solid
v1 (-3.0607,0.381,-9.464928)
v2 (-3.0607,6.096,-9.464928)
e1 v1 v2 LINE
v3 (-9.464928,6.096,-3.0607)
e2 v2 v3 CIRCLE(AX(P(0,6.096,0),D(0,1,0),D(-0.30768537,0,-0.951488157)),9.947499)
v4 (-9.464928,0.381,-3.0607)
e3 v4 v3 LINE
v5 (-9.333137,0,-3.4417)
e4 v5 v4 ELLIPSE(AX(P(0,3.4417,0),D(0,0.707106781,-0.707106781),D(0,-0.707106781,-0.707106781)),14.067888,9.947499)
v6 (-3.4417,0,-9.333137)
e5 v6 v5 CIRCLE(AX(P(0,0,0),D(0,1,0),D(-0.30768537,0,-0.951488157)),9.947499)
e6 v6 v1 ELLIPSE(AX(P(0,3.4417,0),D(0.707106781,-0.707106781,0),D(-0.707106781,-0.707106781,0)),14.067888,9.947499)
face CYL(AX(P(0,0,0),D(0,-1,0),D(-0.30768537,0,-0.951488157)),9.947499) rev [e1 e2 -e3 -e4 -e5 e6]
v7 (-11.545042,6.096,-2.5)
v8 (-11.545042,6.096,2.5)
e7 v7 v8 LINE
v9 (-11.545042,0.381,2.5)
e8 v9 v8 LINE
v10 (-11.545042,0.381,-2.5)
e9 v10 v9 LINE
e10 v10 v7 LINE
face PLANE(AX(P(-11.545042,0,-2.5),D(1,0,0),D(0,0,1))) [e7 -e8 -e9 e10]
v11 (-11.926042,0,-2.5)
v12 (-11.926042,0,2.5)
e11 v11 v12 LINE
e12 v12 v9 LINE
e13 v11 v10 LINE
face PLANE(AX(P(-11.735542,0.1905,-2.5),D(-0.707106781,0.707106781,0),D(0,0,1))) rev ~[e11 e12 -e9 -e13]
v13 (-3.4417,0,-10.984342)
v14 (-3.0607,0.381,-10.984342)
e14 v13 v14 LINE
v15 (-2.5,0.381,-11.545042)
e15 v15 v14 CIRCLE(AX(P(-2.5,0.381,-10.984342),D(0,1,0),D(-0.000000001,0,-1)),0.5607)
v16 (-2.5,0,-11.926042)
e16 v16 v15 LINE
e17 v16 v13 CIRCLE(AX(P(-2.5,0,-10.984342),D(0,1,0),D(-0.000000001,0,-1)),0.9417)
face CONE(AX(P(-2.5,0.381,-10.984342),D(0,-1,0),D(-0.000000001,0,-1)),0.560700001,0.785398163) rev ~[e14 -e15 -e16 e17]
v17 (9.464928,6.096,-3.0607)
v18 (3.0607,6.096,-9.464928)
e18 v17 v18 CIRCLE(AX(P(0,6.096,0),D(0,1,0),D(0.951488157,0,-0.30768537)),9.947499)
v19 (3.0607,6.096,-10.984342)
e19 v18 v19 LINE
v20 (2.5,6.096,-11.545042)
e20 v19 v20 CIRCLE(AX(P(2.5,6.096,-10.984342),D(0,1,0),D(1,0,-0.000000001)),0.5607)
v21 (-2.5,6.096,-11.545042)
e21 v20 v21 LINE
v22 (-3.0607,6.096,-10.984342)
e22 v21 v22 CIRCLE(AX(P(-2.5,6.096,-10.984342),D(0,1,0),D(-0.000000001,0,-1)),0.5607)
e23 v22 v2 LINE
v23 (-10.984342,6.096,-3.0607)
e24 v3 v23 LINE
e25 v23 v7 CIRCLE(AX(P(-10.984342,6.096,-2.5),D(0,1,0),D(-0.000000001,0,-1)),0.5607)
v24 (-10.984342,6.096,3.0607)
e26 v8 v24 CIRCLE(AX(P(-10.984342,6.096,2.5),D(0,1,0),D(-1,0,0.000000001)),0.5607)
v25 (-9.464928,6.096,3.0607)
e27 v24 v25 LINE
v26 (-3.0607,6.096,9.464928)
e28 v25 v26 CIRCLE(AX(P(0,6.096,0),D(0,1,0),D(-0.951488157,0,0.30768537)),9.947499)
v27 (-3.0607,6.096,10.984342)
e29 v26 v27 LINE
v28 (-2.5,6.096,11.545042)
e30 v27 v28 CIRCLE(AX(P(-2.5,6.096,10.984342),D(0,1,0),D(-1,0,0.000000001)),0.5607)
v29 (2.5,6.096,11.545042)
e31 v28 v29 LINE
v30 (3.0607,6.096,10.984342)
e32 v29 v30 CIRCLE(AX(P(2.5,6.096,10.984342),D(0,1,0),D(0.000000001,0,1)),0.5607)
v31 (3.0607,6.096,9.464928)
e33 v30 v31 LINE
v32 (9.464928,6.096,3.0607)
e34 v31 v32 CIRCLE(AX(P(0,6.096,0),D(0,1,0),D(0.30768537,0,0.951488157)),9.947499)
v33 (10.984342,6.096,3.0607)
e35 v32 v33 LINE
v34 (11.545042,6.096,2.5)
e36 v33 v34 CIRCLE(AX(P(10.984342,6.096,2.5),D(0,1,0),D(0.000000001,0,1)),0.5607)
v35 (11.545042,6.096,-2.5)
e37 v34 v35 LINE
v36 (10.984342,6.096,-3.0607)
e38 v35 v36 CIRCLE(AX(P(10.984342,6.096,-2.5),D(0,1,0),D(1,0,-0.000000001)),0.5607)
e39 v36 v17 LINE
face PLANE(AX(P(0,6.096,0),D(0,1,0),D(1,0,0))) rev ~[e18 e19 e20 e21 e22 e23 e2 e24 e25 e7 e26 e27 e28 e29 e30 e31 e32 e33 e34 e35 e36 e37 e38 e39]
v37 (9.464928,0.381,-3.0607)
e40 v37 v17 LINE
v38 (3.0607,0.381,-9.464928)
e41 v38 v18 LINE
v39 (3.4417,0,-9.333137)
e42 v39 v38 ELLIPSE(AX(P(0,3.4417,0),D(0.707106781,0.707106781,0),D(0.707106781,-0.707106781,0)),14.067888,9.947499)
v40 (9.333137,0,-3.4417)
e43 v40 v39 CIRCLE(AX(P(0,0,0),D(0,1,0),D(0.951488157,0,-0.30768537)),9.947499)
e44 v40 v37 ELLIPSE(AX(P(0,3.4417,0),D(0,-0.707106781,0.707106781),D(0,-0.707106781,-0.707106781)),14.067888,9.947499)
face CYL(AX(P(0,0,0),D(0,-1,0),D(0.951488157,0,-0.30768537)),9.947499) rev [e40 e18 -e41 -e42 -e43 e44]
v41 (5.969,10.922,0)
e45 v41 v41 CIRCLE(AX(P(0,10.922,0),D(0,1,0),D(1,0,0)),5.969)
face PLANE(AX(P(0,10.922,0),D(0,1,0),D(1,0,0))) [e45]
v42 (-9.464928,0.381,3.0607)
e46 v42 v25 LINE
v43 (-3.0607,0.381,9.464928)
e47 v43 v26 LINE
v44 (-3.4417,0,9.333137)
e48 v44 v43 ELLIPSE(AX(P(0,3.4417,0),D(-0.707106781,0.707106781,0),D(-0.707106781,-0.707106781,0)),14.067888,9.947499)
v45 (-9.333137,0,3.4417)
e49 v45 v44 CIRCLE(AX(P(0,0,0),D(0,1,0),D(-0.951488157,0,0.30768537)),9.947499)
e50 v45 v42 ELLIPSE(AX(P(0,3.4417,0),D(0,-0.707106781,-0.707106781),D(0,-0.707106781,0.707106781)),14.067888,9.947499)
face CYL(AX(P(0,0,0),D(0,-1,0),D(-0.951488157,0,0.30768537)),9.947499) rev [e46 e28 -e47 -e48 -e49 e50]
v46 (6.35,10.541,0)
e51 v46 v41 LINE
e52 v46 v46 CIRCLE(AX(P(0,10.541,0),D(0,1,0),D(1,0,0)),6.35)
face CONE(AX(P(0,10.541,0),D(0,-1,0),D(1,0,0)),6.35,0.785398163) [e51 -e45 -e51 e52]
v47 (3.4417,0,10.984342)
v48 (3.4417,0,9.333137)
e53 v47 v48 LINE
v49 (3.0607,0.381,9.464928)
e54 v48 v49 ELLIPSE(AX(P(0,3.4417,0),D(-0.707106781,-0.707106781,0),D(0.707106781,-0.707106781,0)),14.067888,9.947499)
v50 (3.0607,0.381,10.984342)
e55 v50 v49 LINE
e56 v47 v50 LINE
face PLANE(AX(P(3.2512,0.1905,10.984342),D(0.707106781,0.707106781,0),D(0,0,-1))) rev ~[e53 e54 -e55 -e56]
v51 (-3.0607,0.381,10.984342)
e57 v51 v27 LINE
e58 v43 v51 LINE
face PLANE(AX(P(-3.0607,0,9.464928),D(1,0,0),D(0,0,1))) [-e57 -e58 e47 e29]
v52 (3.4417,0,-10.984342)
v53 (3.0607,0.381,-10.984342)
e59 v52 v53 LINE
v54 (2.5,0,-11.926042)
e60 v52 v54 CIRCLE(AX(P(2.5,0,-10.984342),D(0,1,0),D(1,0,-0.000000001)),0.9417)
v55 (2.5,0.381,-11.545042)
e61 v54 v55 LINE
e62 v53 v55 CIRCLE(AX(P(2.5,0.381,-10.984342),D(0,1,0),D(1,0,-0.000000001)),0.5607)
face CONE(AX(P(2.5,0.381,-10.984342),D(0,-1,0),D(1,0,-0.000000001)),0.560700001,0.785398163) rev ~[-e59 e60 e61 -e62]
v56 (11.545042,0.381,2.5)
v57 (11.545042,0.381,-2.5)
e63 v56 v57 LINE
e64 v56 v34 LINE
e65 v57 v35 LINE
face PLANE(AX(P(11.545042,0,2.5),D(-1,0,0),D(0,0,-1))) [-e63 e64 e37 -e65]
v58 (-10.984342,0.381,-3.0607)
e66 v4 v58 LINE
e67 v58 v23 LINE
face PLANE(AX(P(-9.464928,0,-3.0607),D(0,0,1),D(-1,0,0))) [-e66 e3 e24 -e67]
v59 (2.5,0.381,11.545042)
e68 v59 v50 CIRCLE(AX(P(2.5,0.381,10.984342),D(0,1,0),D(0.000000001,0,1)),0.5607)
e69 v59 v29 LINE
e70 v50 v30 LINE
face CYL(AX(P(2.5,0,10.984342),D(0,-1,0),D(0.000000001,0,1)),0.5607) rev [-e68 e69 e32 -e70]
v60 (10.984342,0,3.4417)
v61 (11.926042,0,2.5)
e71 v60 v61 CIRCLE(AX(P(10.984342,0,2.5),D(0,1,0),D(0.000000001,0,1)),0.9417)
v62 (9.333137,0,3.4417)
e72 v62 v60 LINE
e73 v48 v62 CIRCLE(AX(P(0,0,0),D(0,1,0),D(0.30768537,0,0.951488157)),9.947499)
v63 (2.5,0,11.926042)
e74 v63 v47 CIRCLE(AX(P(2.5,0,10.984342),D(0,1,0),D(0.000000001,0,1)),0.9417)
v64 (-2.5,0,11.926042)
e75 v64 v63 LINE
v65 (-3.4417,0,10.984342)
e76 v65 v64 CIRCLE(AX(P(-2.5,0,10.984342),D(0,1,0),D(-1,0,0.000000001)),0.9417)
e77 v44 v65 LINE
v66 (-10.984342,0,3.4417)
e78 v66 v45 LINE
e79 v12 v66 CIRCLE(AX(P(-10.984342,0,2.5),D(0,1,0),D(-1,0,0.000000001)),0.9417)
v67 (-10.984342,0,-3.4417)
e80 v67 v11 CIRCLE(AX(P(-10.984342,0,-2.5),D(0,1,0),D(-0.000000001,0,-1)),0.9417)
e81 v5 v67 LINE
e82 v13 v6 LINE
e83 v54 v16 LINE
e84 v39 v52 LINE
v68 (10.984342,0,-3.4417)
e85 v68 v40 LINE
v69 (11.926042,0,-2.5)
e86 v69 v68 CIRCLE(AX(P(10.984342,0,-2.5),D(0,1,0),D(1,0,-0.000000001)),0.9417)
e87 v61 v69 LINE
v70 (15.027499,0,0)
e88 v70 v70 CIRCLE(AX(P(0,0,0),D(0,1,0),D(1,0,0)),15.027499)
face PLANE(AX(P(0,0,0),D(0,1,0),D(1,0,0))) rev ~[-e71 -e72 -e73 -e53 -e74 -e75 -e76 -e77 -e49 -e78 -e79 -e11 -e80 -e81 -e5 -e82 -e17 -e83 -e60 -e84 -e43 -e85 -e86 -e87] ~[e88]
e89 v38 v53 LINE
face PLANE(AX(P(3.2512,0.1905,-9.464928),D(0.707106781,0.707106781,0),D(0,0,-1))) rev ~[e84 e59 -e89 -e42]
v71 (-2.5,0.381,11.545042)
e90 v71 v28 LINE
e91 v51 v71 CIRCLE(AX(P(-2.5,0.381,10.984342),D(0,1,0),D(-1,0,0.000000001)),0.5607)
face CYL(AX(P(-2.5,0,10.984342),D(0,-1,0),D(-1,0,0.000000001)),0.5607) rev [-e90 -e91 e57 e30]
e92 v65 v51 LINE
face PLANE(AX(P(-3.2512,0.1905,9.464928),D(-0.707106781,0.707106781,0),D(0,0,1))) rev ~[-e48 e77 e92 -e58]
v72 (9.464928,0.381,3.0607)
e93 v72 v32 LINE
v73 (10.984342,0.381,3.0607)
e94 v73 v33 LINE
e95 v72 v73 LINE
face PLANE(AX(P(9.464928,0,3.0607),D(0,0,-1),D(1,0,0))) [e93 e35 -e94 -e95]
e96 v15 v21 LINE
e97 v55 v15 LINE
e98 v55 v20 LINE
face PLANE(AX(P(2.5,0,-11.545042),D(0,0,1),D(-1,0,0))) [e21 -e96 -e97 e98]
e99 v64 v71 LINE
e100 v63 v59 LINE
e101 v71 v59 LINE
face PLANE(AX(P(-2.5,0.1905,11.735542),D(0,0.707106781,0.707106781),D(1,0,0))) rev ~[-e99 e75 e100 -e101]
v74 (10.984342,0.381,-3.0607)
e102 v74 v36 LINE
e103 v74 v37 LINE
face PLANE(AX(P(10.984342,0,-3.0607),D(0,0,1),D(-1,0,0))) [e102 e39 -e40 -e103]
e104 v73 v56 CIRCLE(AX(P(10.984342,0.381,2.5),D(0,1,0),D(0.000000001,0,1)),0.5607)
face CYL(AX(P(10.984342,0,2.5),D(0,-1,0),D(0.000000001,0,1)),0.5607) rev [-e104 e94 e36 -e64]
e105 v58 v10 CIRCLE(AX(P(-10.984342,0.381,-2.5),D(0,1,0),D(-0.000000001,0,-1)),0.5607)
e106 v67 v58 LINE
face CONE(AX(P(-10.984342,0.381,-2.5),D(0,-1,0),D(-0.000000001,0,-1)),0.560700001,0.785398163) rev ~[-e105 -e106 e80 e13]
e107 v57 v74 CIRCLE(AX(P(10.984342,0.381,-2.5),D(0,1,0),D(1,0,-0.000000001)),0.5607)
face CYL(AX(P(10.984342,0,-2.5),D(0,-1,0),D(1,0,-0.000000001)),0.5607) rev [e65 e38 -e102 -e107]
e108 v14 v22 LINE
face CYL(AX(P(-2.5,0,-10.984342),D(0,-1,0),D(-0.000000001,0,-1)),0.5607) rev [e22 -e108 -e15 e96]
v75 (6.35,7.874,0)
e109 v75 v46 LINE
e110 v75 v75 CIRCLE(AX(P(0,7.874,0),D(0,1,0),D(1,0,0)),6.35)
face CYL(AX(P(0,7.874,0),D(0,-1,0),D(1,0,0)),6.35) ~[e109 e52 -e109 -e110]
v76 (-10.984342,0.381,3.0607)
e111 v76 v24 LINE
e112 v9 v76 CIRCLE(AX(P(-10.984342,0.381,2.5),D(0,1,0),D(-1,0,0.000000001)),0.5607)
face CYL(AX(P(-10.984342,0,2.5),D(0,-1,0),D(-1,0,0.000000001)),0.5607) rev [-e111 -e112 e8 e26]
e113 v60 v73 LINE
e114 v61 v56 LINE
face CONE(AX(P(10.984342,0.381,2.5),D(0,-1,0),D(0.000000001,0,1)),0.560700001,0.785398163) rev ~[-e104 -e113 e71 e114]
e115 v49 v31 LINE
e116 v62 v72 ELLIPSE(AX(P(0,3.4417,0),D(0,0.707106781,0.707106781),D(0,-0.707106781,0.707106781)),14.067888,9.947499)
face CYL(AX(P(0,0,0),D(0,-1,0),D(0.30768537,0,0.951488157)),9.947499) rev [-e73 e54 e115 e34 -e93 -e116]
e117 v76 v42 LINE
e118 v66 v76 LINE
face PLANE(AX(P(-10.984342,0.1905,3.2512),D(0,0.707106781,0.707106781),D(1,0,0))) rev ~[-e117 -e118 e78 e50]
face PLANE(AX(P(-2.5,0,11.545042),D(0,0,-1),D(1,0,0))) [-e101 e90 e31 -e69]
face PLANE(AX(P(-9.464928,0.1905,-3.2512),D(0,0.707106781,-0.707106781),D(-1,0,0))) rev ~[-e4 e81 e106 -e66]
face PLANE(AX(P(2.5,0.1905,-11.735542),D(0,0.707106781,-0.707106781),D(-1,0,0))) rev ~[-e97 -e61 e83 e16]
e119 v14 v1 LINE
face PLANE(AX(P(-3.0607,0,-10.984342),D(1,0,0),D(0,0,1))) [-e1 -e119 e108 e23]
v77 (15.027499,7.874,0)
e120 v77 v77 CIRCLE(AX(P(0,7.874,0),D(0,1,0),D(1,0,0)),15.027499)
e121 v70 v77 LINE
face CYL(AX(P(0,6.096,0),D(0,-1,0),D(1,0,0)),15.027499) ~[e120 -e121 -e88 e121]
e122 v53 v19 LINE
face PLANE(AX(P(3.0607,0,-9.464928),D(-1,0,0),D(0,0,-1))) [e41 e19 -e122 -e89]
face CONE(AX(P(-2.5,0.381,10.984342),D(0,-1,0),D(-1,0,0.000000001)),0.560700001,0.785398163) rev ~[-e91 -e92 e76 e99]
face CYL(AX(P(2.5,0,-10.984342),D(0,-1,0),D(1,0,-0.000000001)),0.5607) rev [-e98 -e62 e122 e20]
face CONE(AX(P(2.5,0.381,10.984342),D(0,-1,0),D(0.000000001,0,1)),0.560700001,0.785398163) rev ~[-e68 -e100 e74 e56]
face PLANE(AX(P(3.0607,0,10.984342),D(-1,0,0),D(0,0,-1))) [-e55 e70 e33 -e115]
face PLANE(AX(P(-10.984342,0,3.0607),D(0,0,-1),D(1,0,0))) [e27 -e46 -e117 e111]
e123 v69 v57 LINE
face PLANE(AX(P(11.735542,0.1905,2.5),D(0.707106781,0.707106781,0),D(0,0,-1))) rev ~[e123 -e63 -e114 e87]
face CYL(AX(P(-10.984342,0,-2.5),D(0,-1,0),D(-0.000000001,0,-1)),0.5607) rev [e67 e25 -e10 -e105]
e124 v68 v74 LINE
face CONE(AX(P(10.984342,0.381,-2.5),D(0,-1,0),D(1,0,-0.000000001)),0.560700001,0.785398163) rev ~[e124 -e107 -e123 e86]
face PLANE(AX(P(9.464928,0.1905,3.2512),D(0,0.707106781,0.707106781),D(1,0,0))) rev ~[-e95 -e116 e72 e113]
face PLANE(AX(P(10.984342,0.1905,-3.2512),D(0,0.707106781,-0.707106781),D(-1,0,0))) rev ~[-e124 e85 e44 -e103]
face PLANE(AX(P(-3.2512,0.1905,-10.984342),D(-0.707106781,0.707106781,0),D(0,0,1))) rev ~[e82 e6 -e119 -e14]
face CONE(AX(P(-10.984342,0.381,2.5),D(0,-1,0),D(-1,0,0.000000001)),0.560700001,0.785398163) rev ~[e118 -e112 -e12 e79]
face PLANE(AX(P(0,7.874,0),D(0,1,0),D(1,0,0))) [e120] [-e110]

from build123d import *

# Parameters (mm, degrees)
SKETCH1_R           = 15.027499291
BOSS_EXTRUDE1_DEPTH = 6.096
SKETCH2_R           = 15.027499291
BOSS_EXTRUDE2_DEPTH = 1.778
CHAMFER1_SIZE       = 0.381
SKETCH3_R           = 6.35
BOSS_EXTRUDE3_DEPTH = 3.048
CHAMFER2_SIZE       = 0.381


with BuildPart() as part:
    # Sketch1 → Boss-Extrude1 (new body)
    with BuildSketch(Plane(origin=(0, 0, 0), x_dir=(1, 0, 0), z_dir=(0, 1, 0))):
        Circle(SKETCH1_R)
        with BuildLine():
            ThreePointArc((-9.464927768, 3.0607), (-7.033944205, 7.033944205), (-3.0607, 9.464927768))
            Line((-3.0607, 9.464927768), (-3.0607, 10.984341946))
            ThreePointArc((-3.0607, 10.984341946), (-2.896474772, 11.380816718), (-2.5, 11.545041946))
            Line((-2.5, 11.545041946), (2.5, 11.545041946))
            ThreePointArc((2.5, 11.545041946), (2.896474772, 11.380816718), (3.0607, 10.984341946))
            Line((3.0607, 10.984341946), (3.0607, 9.464927768))
            ThreePointArc((3.0607, 9.464927768), (7.033944205, 7.033944205), (9.464927768, 3.0607))
            Line((9.464927768, 3.0607), (10.984341946, 3.0607))
            ThreePointArc((10.984341946, 3.0607), (11.380816718, 2.896474772), (11.545041946, 2.5))
            Line((11.545041946, 2.5), (11.545041946, -2.5))
            ThreePointArc((11.545041946, -2.5), (11.380816718, -2.896474772), (10.984341946, -3.0607))
            Line((10.984341946, -3.0607), (9.464927768, -3.0607))
            ThreePointArc((9.464927768, -3.0607), (7.033944205, -7.033944205), (3.0607, -9.464927768))
            Line((3.0607, -9.464927768), (3.0607, -10.984341946))
            ThreePointArc((3.0607, -10.984341946), (2.896474772, -11.380816718), (2.5, -11.545041946))
            Line((2.5, -11.545041946), (-2.5, -11.545041946))
            ThreePointArc((-2.5, -11.545041946), (-2.896474772, -11.380816718), (-3.0607, -10.984341946))
            Line((-3.0607, -10.984341946), (-3.0607, -9.464927768))
            ThreePointArc((-3.0607, -9.464927768), (-7.033944205, -7.033944205), (-9.464927768, -3.0607))
            Line((-9.464927768, -3.0607), (-10.984341946, -3.0607))
            ThreePointArc((-10.984341946, -3.0607), (-11.380816718, -2.896474772), (-11.545041946, -2.5))
            Line((-11.545041946, -2.5), (-11.545041946, 2.5))
            ThreePointArc((-11.545041946, 2.5), (-11.380816718, 2.896474772), (-10.984341946, 3.0607))
            Line((-10.984341946, 3.0607), (-9.464927768, 3.0607))
        make_face(mode=Mode.SUBTRACT)
    extrude(amount=BOSS_EXTRUDE1_DEPTH)

    # Sketch2 → Boss-Extrude2 (add)
    with BuildSketch(Plane(origin=(0, 6.096, 0), x_dir=(1, 0, 0), z_dir=(0, 1, 0))):
        Circle(SKETCH2_R)
    extrude(amount=BOSS_EXTRUDE2_DEPTH)

    # Chamfer1
    chamfer1_edges = [part.edges().sort_by_distance(p)[0] for p in [
        (3.0607, 0, 10.224634857),
        (-3.0607, 0, 10.224634857),
        (2.896474772, 0, 11.380816718),
        (-2.896474772, 0, 11.380816718),
        (0, 0, 11.545041946),
        (-10.224634857, 0, 3.0607),
        (-10.224634857, 0, -3.0607),
        (-11.380816718, 0, 2.896474772),
        (-11.380816718, 0, -2.896474772),
        (-11.545041946, 0, 0),
        (-3.0607, 0, -10.224634857),
        (3.0607, 0, -10.224634857),
        (-2.896474772, 0, -11.380816718),
        (2.896474772, 0, -11.380816718),
        (0, 0, -11.545041946),
        (10.224634857, 0, -3.0607),
        (10.224634857, 0, 3.0607),
        (11.380816718, 0, -2.896474772),
        (11.380816718, 0, 2.896474772),
        (11.545041946, 0, 0),
    ]]
    chamfer(chamfer1_edges, length=CHAMFER1_SIZE)

    # Sketch3 → Boss-Extrude3 (add)
    with BuildSketch(Plane(origin=(0, 7.874, 0), x_dir=(1, 0, 0), z_dir=(0, 1, 0))):
        Circle(SKETCH3_R)
    extrude(amount=BOSS_EXTRUDE3_DEPTH)

    # Chamfer2
    chamfer2_edges = [part.edges().sort_by_distance(p)[0] for p in [
        (-6.35, 10.922, 0),
    ]]
    chamfer(chamfer2_edges, length=CHAMFER2_SIZE)


solid = part.part
